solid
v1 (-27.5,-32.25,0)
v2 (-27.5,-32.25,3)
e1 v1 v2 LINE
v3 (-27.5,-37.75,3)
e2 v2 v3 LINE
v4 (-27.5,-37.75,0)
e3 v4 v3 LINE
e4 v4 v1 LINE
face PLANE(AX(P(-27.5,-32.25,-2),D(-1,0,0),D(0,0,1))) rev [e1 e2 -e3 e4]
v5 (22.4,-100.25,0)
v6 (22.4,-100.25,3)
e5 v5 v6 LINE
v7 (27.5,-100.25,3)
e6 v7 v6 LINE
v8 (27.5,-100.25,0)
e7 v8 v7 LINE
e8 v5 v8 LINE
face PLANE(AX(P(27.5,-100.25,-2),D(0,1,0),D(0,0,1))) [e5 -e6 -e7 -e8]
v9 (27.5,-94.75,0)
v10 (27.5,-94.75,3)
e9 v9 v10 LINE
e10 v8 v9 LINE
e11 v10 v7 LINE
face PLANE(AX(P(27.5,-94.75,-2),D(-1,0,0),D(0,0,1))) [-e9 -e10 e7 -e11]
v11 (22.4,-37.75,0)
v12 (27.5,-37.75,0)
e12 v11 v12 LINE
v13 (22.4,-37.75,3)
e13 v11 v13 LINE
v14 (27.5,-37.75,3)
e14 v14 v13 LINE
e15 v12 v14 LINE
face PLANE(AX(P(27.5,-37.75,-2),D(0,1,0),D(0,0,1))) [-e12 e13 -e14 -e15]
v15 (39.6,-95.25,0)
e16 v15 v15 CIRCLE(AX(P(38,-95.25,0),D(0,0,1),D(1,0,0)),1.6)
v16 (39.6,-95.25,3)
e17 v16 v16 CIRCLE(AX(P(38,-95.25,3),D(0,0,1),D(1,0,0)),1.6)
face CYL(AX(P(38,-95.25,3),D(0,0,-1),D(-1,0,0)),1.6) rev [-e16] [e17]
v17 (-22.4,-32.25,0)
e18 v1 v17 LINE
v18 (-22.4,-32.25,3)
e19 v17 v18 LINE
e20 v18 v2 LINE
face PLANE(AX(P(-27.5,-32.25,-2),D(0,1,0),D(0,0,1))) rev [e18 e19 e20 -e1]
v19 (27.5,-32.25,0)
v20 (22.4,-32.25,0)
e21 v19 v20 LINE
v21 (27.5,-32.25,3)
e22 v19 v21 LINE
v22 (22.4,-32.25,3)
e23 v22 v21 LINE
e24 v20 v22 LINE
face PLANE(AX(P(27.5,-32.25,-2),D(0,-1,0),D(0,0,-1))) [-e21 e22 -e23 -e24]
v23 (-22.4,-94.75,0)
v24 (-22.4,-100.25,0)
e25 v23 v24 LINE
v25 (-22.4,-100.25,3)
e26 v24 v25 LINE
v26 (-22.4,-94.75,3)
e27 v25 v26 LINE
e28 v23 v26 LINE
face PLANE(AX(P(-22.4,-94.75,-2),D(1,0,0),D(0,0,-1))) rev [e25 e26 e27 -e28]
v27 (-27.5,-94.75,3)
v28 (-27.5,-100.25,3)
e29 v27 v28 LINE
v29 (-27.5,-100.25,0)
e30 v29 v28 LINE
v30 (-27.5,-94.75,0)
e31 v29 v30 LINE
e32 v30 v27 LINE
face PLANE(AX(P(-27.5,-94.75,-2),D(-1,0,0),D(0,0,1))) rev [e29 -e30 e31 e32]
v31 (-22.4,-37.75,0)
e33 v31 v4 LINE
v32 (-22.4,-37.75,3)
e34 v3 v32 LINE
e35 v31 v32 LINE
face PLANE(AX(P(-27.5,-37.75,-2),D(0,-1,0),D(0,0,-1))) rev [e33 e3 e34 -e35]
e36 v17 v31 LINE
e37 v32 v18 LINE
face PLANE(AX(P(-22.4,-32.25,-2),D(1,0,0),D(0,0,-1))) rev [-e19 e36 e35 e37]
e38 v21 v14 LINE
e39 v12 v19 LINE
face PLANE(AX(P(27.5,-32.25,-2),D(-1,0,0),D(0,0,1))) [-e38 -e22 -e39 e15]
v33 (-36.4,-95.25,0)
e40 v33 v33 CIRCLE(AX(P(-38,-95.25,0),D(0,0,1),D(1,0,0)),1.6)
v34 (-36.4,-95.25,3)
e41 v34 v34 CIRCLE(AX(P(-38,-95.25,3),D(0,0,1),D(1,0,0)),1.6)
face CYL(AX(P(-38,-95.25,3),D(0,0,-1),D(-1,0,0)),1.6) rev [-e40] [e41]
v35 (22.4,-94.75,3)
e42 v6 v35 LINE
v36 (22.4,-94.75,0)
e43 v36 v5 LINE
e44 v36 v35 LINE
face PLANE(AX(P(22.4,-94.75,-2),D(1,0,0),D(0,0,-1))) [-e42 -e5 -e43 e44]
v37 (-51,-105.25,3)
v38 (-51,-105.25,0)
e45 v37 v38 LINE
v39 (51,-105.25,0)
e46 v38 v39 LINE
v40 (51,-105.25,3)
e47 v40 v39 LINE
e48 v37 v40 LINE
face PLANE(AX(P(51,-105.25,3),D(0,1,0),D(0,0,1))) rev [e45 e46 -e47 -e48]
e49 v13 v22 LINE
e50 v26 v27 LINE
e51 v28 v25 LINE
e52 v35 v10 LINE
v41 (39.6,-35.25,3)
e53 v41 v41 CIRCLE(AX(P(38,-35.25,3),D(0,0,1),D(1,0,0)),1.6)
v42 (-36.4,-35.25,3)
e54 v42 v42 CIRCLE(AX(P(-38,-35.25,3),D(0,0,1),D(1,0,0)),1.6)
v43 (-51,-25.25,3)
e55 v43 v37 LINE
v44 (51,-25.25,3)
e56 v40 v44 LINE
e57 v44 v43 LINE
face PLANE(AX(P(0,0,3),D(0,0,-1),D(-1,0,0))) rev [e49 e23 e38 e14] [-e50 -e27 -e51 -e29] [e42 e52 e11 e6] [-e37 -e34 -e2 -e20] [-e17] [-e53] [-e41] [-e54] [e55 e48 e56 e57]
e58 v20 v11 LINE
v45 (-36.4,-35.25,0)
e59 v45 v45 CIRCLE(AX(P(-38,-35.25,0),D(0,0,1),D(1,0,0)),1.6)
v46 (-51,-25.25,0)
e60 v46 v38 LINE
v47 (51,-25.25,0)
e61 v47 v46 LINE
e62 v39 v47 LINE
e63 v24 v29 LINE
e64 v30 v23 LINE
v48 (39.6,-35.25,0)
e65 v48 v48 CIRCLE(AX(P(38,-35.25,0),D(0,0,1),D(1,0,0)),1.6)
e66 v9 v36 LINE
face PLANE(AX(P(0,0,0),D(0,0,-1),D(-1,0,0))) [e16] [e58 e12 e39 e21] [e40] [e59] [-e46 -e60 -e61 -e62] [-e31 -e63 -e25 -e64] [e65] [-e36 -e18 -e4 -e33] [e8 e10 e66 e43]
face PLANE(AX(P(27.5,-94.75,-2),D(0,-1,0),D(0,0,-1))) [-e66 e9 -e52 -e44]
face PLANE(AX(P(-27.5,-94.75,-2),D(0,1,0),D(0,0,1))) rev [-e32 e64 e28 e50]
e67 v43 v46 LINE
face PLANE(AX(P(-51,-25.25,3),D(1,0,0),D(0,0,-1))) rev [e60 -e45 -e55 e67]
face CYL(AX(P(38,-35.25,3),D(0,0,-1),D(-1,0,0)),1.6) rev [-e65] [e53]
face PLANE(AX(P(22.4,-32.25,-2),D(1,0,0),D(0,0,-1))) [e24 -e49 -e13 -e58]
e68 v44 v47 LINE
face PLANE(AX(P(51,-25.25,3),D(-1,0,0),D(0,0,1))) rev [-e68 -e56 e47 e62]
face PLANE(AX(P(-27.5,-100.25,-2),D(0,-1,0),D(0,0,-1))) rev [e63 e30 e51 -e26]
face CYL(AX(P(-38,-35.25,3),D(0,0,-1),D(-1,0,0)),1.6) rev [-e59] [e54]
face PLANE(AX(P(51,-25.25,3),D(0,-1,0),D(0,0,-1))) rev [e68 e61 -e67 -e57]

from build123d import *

# Parameters (mm, degrees)
SKETCH_1_W                       = 102
SKETCH_1_H                       = 80
SKETCH_1_R                       = 1.6
EXTRUDE_1_DEPTH                  = 3
SKETCH_4_W                       = 5.1
SKETCH_4_H                       = 5.5
CUT_EXTRUDE_2_DEPTH              = 5
PATTERN_LINEAR_1_COUNT           = 2
PATTERN_LINEAR_1_PITCH           = 62.5
PATTERN_LINEAR_1_COPY_1_SKETCH_W = 5.1
PATTERN_LINEAR_1_COPY_1_SKETCH_H = 5.5
PATTERN_LINEAR_1_COPY_1_DEPTH    = 5


with BuildPart() as part:
    # 草图1 → 凸台-拉伸1 (new body)
    with BuildSketch(Plane.XY):
        with Locations((0, -65.25)):
            Rectangle(SKETCH_1_W, SKETCH_1_H)
        with Locations((-38, -35.25)):
            Circle(SKETCH_1_R, mode=Mode.SUBTRACT)
        with Locations((-38, -95.25)):
            Circle(SKETCH_1_R, mode=Mode.SUBTRACT)
        with Locations((38, -95.25)):
            Circle(SKETCH_1_R, mode=Mode.SUBTRACT)
        with Locations((38, -35.25)):
            Circle(SKETCH_1_R, mode=Mode.SUBTRACT)
    extrude(amount=EXTRUDE_1_DEPTH)

    # 草图4 → 切除-拉伸2 (cut)
    with BuildSketch(Plane.XY.offset(3)):
        with Locations((-24.949999999, -97.5)):
            Rectangle(SKETCH_4_W, SKETCH_4_H)
    cut_extrude_2 = extrude(amount=-CUT_EXTRUDE_2_DEPTH, mode=Mode.SUBTRACT)

    # 镜向1: 切除-拉伸2 across plane
    add(cut_extrude_2.mirror(Plane.ZY), mode=Mode.SUBTRACT)

    # 阵列(线性)1: 切除-拉伸2 ×2
    with Locations(*[(0, i * PATTERN_LINEAR_1_PITCH, 0) for i in range(1, PATTERN_LINEAR_1_COUNT)]):
        add(cut_extrude_2, mode=Mode.SUBTRACT)

    # 阵列(线性)1 copy 1 sketch → 阵列(线性)1 copy 1 (cut)
    with BuildSketch(Plane(origin=(0, 62.5, 3), x_dir=(-1, 0, 0), z_dir=(0, 0, 1))):
        with Locations((-24.949999999, 97.5)):
            Rectangle(PATTERN_LINEAR_1_COPY_1_SKETCH_W, PATTERN_LINEAR_1_COPY_1_SKETCH_H)
    extrude(amount=-PATTERN_LINEAR_1_COPY_1_DEPTH, mode=Mode.SUBTRACT)


solid = part.part
